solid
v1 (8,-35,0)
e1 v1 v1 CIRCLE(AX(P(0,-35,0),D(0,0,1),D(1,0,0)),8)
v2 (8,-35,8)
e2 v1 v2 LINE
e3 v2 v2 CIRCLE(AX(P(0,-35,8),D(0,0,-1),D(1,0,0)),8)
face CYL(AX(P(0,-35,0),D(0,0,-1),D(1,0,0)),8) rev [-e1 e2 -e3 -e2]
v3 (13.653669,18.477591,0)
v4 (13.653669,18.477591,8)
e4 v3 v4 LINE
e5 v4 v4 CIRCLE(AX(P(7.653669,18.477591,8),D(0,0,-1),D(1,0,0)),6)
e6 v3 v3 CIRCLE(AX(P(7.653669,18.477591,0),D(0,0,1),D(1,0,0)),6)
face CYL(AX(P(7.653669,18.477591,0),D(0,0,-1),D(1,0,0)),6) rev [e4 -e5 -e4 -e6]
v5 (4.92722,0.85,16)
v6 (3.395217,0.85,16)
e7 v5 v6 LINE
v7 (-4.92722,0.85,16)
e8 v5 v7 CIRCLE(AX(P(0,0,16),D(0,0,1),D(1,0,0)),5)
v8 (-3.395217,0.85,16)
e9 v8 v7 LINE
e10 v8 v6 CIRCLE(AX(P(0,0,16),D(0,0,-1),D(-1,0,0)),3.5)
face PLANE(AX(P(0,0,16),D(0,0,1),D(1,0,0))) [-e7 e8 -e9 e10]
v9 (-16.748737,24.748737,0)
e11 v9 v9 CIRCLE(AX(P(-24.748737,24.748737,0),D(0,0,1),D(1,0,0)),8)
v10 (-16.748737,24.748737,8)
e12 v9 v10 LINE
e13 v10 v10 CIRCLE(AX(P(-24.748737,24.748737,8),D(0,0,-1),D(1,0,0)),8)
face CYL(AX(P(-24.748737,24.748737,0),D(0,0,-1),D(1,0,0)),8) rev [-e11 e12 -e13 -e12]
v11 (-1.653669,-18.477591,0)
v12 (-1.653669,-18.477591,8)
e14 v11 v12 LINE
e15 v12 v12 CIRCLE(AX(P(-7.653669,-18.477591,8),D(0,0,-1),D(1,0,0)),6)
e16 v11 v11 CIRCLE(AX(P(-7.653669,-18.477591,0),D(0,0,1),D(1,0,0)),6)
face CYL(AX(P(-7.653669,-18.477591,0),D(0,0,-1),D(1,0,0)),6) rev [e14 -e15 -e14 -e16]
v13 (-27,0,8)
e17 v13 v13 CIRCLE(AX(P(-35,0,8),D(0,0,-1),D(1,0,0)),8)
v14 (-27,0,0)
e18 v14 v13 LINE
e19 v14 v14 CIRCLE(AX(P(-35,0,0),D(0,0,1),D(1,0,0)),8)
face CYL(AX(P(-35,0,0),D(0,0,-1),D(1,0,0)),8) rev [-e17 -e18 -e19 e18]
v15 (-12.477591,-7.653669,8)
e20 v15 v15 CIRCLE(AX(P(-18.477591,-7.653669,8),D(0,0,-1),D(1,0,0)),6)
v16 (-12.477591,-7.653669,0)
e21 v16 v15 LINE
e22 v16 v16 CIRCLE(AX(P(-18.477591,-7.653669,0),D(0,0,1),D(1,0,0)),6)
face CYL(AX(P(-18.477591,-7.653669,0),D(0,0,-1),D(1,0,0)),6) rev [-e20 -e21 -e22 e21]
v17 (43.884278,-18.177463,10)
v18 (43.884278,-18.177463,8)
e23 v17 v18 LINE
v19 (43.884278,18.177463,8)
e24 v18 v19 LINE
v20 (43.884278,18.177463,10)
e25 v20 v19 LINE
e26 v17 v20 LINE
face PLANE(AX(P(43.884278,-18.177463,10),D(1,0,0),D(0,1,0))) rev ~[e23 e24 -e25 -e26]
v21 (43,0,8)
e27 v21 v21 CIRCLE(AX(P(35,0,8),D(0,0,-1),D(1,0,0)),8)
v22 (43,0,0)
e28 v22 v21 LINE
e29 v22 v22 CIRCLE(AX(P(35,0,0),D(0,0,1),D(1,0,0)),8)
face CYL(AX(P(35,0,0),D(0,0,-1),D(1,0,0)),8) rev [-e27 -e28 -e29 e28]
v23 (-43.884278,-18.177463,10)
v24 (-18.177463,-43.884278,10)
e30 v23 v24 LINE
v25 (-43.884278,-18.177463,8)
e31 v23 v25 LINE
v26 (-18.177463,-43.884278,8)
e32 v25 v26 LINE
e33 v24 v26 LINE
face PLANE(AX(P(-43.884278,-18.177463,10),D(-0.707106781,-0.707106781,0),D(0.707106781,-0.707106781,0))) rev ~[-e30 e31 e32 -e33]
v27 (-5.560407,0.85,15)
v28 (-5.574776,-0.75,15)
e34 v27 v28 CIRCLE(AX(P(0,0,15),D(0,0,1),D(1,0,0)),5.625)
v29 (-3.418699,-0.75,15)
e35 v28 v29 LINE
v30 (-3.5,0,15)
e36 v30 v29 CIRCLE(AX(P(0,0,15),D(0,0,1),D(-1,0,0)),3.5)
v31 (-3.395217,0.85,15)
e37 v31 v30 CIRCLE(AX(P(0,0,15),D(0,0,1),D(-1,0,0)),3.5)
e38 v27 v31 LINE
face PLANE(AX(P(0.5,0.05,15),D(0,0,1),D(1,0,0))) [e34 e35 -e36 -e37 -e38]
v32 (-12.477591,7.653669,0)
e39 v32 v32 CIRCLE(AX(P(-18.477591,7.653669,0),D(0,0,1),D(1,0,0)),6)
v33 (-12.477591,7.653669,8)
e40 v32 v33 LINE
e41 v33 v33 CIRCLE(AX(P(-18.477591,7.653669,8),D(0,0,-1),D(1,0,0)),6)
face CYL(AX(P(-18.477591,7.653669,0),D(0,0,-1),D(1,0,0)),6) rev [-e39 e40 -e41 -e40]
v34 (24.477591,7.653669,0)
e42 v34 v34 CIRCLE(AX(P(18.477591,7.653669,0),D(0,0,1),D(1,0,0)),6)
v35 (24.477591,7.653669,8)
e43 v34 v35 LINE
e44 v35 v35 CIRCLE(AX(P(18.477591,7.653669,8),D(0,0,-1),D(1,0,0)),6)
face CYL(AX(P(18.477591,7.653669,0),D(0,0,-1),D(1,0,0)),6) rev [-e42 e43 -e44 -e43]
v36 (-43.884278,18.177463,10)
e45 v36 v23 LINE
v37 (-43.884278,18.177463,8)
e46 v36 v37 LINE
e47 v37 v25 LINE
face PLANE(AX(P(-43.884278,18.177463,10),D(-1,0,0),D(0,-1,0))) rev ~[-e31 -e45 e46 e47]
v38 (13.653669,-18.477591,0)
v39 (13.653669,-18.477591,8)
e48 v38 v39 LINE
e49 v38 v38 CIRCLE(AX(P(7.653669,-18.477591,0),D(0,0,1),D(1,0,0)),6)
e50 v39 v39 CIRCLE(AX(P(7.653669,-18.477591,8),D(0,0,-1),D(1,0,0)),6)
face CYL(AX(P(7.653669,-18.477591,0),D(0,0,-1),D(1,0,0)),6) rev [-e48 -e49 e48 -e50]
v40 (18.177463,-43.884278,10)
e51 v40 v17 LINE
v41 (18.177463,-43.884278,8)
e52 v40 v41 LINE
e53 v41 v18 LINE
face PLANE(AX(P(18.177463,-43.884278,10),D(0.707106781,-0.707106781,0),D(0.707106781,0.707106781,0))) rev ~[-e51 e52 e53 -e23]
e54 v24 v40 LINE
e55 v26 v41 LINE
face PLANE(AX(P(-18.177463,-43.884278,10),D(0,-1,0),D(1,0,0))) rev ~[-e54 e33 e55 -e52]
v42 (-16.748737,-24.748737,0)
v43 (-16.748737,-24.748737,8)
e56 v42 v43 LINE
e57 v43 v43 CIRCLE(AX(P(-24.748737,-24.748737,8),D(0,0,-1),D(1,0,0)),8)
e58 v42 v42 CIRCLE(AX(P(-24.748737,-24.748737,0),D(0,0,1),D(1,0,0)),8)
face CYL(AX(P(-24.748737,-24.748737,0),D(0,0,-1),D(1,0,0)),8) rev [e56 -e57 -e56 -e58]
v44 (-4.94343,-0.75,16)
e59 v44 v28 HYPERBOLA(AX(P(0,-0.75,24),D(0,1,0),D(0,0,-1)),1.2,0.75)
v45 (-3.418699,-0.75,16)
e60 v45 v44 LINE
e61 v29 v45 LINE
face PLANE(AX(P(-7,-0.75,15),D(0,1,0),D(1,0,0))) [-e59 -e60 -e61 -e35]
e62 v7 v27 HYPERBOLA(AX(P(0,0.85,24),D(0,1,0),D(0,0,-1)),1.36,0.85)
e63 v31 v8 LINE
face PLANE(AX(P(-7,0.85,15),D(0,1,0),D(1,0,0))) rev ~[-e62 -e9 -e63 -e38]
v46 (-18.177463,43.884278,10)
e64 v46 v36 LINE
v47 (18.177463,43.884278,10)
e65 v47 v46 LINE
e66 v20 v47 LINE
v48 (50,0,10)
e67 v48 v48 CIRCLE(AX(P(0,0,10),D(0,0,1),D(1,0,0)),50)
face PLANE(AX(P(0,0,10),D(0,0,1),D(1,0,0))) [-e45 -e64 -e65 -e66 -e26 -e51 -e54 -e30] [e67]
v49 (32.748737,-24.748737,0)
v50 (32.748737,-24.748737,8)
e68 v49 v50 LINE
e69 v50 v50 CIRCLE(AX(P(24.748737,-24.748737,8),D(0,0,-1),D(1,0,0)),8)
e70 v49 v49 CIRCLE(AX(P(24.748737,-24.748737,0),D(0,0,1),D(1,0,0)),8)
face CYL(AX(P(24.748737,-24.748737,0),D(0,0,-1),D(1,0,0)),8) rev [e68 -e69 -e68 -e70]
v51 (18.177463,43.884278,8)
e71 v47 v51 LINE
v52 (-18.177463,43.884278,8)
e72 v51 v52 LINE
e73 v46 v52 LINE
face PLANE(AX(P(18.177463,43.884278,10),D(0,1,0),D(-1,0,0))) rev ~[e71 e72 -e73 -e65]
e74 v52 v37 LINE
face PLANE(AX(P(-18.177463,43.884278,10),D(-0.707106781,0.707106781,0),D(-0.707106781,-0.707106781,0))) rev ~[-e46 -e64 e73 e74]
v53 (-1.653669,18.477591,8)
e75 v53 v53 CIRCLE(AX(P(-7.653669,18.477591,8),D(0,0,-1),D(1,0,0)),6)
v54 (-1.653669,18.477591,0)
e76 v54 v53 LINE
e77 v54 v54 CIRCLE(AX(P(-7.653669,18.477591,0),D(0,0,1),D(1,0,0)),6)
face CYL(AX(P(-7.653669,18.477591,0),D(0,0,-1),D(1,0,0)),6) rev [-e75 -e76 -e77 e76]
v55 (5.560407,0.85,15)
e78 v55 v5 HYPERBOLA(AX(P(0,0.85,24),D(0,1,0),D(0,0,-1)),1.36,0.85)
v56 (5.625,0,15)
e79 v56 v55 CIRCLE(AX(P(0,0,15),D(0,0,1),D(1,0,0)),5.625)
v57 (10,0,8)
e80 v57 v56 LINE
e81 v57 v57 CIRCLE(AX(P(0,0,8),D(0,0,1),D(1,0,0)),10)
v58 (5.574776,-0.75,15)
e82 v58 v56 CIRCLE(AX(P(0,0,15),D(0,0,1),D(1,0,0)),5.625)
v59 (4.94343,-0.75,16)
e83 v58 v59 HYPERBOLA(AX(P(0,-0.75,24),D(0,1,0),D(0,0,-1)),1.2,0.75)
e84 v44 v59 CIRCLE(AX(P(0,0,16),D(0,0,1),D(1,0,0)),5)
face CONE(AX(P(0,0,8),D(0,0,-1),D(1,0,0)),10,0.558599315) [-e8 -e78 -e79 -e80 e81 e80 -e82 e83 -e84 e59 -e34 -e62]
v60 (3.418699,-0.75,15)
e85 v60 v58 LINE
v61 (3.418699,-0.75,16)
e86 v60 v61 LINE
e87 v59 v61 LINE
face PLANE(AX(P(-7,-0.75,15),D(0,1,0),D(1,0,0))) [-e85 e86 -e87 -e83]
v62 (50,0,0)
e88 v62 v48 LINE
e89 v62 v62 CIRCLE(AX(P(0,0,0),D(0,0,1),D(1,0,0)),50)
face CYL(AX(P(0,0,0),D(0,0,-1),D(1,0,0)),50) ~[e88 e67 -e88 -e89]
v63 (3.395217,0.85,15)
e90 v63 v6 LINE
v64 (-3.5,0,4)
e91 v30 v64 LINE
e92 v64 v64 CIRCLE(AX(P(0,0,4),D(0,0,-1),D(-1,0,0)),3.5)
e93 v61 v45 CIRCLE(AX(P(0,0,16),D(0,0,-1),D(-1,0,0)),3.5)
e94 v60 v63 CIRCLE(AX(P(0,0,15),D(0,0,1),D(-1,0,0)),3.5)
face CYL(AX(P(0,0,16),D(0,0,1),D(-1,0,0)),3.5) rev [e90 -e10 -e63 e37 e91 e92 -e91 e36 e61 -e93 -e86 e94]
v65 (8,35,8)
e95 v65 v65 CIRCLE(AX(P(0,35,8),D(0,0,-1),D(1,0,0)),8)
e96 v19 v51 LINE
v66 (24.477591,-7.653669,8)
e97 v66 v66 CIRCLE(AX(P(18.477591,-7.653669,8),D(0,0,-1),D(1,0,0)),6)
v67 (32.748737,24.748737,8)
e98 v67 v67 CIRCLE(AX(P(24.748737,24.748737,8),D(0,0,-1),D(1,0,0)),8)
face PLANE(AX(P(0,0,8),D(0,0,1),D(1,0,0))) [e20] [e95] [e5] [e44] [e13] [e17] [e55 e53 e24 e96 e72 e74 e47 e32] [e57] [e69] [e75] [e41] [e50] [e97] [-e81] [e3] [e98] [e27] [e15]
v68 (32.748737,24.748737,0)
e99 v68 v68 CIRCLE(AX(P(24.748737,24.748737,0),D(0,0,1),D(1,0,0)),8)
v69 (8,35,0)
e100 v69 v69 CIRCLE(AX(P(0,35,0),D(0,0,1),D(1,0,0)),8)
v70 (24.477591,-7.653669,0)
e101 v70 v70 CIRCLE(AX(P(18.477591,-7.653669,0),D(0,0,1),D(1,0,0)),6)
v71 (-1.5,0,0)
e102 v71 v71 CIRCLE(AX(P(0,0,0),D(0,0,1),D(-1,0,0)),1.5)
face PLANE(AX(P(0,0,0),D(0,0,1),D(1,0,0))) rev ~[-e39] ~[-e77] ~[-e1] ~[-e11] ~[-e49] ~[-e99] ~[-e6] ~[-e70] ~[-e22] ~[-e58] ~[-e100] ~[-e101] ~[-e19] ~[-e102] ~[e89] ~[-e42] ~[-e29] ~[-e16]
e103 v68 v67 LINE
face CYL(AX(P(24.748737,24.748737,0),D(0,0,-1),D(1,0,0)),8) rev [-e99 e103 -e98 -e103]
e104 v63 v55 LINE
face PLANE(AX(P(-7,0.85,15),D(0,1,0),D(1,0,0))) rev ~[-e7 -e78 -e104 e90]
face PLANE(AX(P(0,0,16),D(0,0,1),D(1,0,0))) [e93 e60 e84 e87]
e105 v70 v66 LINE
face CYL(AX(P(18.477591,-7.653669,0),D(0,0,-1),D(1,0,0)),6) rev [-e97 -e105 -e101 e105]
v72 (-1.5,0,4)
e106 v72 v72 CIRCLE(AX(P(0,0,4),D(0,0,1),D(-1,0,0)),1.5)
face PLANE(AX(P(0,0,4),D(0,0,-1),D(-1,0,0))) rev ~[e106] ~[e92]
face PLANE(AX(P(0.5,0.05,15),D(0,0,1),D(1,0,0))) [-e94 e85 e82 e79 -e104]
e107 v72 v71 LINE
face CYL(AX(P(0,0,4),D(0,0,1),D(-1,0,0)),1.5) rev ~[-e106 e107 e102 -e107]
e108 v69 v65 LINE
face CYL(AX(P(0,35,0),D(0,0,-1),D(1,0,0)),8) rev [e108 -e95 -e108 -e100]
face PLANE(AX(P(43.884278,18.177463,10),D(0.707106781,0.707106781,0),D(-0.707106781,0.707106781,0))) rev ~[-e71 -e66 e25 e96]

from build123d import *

# Parameters (mm, degrees)
SKETCH_R        = 50
SKETCH_R_2      = 8
SKETCH_R_3      = 6
PAD_DEPTH       = 10
POCKET_DEPTH    = 2
CYLINDER_R      = 3.5
CYLINDER_DEPTH  = 12
SKETCH002_R     = 1.5
POCKET001_DEPTH = 10
BOX_W           = 15
BOX_H           = 1.6
BOX_DEPTH       = 4


with BuildPart() as part:
    # Sketch → Pad (new body)
    with BuildSketch(Plane.XY):
        Circle(SKETCH_R)
        with Locations((0, 35)):
            Circle(SKETCH_R_2, mode=Mode.SUBTRACT)
        with Locations((24.748737, 24.748737)):
            Circle(SKETCH_R_2, mode=Mode.SUBTRACT)
        with Locations((35, 0)):
            Circle(SKETCH_R_2, mode=Mode.SUBTRACT)
        with Locations((24.748737, -24.748737)):
            Circle(SKETCH_R_2, mode=Mode.SUBTRACT)
        with Locations((0, -35)):
            Circle(SKETCH_R_2, mode=Mode.SUBTRACT)
        with Locations((-24.748737, -24.748737)):
            Circle(SKETCH_R_2, mode=Mode.SUBTRACT)
        with Locations((-35, 0)):
            Circle(SKETCH_R_2, mode=Mode.SUBTRACT)
        with Locations((-24.748737, 24.748737)):
            Circle(SKETCH_R_2, mode=Mode.SUBTRACT)
        with Locations((-7.653669, -18.477591)):
            Circle(SKETCH_R_3, mode=Mode.SUBTRACT)
        with Locations((7.653669, -18.477591)):
            Circle(SKETCH_R_3, mode=Mode.SUBTRACT)
        with Locations((18.477591, -7.653669)):
            Circle(SKETCH_R_3, mode=Mode.SUBTRACT)
        with Locations((18.477591, 7.653669)):
            Circle(SKETCH_R_3, mode=Mode.SUBTRACT)
        with Locations((7.653669, 18.477591)):
            Circle(SKETCH_R_3, mode=Mode.SUBTRACT)
        with Locations((-7.653669, 18.477591)):
            Circle(SKETCH_R_3, mode=Mode.SUBTRACT)
        with Locations((-18.477591, 7.653669)):
            Circle(SKETCH_R_3, mode=Mode.SUBTRACT)
        with Locations((-18.477591, -7.653669)):
            Circle(SKETCH_R_3, mode=Mode.SUBTRACT)
    extrude(amount=PAD_DEPTH)

    # Sketch001 (on Face19 of Pad) → Pocket (cut)
    with BuildSketch(Plane.XY.offset(10)):
        Polygon((43.884278, 18.177463), (18.177463, 43.884278), (-18.177463, 43.884278), (-43.884278, 18.177463), (-43.884278, -18.177463), (-18.177463, -43.884278), (18.177463, -43.884278), (43.884278, -18.177463), align=None)
    extrude(amount=-POCKET_DEPTH, mode=Mode.SUBTRACT)

    # Cone → Cone (revolve)
    with BuildSketch(Plane(origin=(0, 0, 8), x_dir=(1, 0, 0), z_dir=(0, -1, 0))):
        Polygon((0, 0), (10, 0), (5, 8), (0, 8), align=None)
    revolve(axis=Axis((0, 0, 8), (0, 0, 1)))

    # Cylinder → Cylinder (cut)
    with BuildSketch(Plane(origin=(0, 0, 16), x_dir=(-1, 0, 0), z_dir=(0, 0, -1))):
        Circle(CYLINDER_R)
    extrude(amount=CYLINDER_DEPTH, mode=Mode.SUBTRACT)

    # Sketch002 (on Face32 of Cylinder) → Pocket001 (cut)
    with BuildSketch(Plane(origin=(0, 0, 4), x_dir=(-1, 0, 0), z_dir=(0, 0, 1))):
        Circle(SKETCH002_R)
    extrude(amount=-POCKET001_DEPTH, mode=Mode.SUBTRACT)

    # Box → Box (cut)
    with BuildSketch(Plane(origin=(-7, -0.75, 15), x_dir=(1, 0, 0), z_dir=(0, 0, 1))):
        with Locations((7.5, 0.8)):
            Rectangle(BOX_W, BOX_H)
    extrude(amount=BOX_DEPTH, mode=Mode.SUBTRACT)


solid = part.part
